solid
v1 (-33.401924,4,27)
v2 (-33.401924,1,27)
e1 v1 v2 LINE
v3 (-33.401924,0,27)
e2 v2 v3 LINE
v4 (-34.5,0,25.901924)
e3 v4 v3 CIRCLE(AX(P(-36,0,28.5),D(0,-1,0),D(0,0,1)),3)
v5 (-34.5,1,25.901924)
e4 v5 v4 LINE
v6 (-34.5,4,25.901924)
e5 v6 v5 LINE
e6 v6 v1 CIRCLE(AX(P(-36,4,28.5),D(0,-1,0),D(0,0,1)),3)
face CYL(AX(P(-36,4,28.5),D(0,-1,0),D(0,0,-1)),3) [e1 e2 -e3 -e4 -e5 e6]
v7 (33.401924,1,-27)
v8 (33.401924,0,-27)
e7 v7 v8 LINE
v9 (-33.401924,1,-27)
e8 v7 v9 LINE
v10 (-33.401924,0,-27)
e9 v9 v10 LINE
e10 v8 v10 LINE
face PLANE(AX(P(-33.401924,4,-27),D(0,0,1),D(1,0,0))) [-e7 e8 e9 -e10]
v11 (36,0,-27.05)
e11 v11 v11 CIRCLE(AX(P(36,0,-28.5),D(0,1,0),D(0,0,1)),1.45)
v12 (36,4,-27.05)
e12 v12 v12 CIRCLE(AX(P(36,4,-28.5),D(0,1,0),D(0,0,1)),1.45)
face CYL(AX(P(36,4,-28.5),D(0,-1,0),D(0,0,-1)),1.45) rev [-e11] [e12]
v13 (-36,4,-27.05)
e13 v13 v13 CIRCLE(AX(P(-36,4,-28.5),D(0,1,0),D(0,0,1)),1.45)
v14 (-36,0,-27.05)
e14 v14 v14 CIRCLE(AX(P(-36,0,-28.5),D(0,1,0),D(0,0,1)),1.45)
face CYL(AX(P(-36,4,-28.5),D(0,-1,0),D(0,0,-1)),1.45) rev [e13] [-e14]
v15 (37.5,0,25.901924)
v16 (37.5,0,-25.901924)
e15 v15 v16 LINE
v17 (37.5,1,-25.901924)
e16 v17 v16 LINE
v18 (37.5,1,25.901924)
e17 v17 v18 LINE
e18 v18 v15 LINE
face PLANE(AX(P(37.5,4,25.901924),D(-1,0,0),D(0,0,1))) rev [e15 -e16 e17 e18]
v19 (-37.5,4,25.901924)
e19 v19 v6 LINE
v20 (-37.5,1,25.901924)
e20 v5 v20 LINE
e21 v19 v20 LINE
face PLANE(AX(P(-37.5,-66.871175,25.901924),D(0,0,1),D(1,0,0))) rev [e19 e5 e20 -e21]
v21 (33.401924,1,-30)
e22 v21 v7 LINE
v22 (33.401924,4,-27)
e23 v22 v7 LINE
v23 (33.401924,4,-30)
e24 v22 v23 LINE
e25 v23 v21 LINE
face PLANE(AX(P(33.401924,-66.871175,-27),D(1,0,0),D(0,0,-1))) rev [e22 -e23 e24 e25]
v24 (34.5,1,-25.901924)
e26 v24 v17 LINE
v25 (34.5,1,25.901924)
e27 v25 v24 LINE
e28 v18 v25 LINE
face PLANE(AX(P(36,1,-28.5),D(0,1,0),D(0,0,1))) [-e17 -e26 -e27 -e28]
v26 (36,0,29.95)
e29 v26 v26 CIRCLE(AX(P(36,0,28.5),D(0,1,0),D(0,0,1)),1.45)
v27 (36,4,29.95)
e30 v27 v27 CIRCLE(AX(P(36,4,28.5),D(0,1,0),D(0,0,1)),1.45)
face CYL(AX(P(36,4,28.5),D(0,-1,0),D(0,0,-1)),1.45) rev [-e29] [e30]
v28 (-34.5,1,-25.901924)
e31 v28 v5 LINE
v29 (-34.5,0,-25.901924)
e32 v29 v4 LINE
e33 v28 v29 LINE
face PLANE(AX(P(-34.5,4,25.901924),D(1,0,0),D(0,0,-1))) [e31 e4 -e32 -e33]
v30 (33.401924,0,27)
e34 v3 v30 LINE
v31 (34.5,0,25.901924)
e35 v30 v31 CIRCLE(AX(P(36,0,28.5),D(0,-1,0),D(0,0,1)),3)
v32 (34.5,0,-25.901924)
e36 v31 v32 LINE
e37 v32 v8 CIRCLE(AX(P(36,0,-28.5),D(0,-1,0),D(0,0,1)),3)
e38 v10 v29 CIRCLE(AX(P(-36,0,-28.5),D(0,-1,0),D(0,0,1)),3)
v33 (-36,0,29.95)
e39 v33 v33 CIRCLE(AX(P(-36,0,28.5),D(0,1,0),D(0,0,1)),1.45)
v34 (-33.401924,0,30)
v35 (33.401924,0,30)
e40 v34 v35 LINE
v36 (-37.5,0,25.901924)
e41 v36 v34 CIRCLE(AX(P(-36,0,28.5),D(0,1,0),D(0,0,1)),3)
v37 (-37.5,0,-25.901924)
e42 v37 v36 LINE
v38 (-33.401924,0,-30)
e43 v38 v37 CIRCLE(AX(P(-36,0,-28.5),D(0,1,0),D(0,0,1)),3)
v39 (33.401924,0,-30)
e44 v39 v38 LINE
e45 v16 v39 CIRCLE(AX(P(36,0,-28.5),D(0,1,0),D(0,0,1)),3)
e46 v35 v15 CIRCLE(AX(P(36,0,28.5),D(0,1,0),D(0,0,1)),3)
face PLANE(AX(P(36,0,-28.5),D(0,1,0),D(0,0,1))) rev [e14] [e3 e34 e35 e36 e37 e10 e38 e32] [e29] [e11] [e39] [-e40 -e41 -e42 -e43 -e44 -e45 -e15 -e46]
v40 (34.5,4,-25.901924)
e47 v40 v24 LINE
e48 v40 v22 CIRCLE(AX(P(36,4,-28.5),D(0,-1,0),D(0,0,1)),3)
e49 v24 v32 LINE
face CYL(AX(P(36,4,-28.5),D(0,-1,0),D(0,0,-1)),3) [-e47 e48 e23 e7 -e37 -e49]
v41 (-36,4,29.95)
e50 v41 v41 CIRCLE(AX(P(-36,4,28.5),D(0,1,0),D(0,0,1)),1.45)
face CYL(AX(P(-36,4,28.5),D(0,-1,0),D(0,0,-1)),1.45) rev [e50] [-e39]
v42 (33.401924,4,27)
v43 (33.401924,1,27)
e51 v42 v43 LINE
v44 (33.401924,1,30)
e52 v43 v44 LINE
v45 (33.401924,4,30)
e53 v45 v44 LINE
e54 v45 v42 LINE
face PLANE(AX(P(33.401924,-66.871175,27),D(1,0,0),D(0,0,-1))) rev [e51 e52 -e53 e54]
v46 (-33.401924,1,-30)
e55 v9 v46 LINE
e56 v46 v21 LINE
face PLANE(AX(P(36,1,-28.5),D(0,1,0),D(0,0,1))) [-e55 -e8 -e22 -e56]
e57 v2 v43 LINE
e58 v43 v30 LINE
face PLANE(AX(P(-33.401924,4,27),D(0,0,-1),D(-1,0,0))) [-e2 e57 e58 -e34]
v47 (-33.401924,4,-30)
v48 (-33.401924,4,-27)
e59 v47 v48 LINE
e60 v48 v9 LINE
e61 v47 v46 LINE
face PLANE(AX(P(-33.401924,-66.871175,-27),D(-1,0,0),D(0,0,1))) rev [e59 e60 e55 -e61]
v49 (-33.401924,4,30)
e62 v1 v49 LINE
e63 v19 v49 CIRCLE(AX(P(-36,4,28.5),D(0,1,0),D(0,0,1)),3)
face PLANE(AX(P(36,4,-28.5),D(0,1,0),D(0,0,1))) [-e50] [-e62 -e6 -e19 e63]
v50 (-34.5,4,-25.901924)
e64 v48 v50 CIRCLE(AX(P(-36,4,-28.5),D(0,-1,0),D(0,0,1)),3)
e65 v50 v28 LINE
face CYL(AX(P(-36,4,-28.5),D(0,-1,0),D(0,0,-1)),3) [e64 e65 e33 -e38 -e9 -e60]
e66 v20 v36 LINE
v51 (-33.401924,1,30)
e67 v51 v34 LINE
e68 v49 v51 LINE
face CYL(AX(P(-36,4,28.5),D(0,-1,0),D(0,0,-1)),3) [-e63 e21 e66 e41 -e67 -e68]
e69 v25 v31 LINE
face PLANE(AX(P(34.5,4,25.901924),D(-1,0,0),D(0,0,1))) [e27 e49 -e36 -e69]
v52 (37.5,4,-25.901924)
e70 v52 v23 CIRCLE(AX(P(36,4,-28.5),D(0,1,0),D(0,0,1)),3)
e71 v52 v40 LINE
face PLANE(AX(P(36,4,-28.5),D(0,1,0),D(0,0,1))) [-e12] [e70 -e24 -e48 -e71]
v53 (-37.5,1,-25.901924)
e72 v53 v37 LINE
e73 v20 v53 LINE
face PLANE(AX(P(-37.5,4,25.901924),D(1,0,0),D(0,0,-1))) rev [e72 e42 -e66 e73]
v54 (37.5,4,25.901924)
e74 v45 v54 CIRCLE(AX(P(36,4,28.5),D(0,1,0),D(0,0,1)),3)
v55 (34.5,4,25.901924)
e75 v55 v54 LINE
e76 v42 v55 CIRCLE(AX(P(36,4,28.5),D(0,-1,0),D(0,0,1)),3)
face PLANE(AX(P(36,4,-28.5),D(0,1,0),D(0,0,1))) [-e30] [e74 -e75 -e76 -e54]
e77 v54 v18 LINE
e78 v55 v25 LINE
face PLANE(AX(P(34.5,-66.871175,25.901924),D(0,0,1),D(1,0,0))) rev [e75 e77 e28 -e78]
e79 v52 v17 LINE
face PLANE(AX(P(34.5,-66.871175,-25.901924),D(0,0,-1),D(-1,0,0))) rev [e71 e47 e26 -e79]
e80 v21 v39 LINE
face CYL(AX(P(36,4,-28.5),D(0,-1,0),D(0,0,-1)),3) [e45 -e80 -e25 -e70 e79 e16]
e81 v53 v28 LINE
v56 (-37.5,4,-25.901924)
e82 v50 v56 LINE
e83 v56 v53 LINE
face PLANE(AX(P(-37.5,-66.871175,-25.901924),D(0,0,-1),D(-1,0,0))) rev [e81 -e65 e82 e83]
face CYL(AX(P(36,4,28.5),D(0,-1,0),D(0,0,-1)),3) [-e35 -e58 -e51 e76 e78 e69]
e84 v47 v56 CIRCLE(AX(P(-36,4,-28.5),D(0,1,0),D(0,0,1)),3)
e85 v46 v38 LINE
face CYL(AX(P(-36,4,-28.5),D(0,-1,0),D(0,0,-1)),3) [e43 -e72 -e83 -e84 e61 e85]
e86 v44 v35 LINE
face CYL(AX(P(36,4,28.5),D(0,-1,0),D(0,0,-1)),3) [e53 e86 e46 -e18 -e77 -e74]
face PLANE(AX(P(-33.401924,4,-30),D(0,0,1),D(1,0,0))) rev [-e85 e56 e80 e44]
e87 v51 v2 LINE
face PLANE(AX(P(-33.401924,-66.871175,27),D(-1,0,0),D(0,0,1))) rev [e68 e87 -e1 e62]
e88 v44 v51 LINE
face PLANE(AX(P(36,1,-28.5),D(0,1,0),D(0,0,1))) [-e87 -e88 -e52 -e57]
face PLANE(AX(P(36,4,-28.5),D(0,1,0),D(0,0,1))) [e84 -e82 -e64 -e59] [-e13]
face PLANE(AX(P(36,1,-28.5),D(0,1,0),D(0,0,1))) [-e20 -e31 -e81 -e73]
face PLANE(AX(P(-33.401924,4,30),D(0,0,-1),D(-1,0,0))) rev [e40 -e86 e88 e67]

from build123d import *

# Parameters (mm, degrees)
SKETCH1_R           = 1.45
BOSS_EXTRUDE1_DEPTH = 4
SKETCH2_W           = 3
SKETCH2_H           = 51.803847578
SKETCH2_W_2         = 66.803847578
SKETCH2_H_2         = 3
CUT_EXTRUDE1_DEPTH  = 3


with BuildPart() as part:
    # Sketch1 → Boss-Extrude1 (new body)
    with BuildSketch(Plane(origin=(0, 0, 0), x_dir=(1, 0, 0), z_dir=(0, 1, 0))):
        with BuildLine():
            Line((-33.401923789, 30), (33.401923789, 30))
            ThreePointArc((33.401923789, 30), (38.121320344, 30.621320344), (37.5, 25.901923789))
            Line((37.5, 25.901923789), (37.5, -25.901923789))
            ThreePointArc((37.5, -25.901923789), (38.121320344, -30.621320344), (33.401923789, -30))
            Line((33.401923789, -30), (-33.401923789, -30))
            ThreePointArc((-33.401923789, -30), (-38.121320344, -30.621320344), (-37.5, -25.901923789))
            Line((-37.5, -25.901923789), (-37.5, 25.901923789))
            ThreePointArc((-37.5, 25.901923789), (-38.121320344, 30.621320344), (-33.401923789, 30))
        make_face()
        with Locations((36, 28.5)):
            Circle(SKETCH1_R, mode=Mode.SUBTRACT)
        with Locations((36, -28.5)):
            Circle(SKETCH1_R, mode=Mode.SUBTRACT)
        with Locations((-36, -28.5)):
            Circle(SKETCH1_R, mode=Mode.SUBTRACT)
        with Locations((-36, 28.5)):
            Circle(SKETCH1_R, mode=Mode.SUBTRACT)
        with BuildLine():
            Line((-33.401923789, 27), (33.401923789, 27))
            ThreePointArc((33.401923789, 27), (33.878679656, 26.378679656), (34.5, 25.901923789))
            Line((34.5, 25.901923789), (34.5, -25.901923789))
            ThreePointArc((34.5, -25.901923789), (33.878679656, -26.378679656), (33.401923789, -27))
            Line((33.401923789, -27), (-33.401923789, -27))
            ThreePointArc((-33.401923789, -27), (-33.878679656, -26.378679656), (-34.5, -25.901923789))
            Line((-34.5, -25.901923789), (-34.5, 25.901923789))
            ThreePointArc((-34.5, 25.901923789), (-33.878679656, 26.378679656), (-33.401923789, 27))
        make_face(mode=Mode.SUBTRACT)
    extrude(amount=BOSS_EXTRUDE1_DEPTH)

    # Sketch2 → Cut-Extrude1 (cut)
    with BuildSketch(Plane(origin=(0, 4, 0), x_dir=(1, 0, 0), z_dir=(0, 1, 0))):
        with Locations((-36, 0)):
            Rectangle(SKETCH2_W, SKETCH2_H)
        with Locations((0, -28.5)):
            Rectangle(SKETCH2_W_2, SKETCH2_H_2)
        with Locations((36, 0)):
            Rectangle(SKETCH2_W, SKETCH2_H)
        with Locations((0, 28.5)):
            Rectangle(SKETCH2_W_2, SKETCH2_H_2)
    extrude(amount=-CUT_EXTRUDE1_DEPTH, mode=Mode.SUBTRACT)


solid = part.part
